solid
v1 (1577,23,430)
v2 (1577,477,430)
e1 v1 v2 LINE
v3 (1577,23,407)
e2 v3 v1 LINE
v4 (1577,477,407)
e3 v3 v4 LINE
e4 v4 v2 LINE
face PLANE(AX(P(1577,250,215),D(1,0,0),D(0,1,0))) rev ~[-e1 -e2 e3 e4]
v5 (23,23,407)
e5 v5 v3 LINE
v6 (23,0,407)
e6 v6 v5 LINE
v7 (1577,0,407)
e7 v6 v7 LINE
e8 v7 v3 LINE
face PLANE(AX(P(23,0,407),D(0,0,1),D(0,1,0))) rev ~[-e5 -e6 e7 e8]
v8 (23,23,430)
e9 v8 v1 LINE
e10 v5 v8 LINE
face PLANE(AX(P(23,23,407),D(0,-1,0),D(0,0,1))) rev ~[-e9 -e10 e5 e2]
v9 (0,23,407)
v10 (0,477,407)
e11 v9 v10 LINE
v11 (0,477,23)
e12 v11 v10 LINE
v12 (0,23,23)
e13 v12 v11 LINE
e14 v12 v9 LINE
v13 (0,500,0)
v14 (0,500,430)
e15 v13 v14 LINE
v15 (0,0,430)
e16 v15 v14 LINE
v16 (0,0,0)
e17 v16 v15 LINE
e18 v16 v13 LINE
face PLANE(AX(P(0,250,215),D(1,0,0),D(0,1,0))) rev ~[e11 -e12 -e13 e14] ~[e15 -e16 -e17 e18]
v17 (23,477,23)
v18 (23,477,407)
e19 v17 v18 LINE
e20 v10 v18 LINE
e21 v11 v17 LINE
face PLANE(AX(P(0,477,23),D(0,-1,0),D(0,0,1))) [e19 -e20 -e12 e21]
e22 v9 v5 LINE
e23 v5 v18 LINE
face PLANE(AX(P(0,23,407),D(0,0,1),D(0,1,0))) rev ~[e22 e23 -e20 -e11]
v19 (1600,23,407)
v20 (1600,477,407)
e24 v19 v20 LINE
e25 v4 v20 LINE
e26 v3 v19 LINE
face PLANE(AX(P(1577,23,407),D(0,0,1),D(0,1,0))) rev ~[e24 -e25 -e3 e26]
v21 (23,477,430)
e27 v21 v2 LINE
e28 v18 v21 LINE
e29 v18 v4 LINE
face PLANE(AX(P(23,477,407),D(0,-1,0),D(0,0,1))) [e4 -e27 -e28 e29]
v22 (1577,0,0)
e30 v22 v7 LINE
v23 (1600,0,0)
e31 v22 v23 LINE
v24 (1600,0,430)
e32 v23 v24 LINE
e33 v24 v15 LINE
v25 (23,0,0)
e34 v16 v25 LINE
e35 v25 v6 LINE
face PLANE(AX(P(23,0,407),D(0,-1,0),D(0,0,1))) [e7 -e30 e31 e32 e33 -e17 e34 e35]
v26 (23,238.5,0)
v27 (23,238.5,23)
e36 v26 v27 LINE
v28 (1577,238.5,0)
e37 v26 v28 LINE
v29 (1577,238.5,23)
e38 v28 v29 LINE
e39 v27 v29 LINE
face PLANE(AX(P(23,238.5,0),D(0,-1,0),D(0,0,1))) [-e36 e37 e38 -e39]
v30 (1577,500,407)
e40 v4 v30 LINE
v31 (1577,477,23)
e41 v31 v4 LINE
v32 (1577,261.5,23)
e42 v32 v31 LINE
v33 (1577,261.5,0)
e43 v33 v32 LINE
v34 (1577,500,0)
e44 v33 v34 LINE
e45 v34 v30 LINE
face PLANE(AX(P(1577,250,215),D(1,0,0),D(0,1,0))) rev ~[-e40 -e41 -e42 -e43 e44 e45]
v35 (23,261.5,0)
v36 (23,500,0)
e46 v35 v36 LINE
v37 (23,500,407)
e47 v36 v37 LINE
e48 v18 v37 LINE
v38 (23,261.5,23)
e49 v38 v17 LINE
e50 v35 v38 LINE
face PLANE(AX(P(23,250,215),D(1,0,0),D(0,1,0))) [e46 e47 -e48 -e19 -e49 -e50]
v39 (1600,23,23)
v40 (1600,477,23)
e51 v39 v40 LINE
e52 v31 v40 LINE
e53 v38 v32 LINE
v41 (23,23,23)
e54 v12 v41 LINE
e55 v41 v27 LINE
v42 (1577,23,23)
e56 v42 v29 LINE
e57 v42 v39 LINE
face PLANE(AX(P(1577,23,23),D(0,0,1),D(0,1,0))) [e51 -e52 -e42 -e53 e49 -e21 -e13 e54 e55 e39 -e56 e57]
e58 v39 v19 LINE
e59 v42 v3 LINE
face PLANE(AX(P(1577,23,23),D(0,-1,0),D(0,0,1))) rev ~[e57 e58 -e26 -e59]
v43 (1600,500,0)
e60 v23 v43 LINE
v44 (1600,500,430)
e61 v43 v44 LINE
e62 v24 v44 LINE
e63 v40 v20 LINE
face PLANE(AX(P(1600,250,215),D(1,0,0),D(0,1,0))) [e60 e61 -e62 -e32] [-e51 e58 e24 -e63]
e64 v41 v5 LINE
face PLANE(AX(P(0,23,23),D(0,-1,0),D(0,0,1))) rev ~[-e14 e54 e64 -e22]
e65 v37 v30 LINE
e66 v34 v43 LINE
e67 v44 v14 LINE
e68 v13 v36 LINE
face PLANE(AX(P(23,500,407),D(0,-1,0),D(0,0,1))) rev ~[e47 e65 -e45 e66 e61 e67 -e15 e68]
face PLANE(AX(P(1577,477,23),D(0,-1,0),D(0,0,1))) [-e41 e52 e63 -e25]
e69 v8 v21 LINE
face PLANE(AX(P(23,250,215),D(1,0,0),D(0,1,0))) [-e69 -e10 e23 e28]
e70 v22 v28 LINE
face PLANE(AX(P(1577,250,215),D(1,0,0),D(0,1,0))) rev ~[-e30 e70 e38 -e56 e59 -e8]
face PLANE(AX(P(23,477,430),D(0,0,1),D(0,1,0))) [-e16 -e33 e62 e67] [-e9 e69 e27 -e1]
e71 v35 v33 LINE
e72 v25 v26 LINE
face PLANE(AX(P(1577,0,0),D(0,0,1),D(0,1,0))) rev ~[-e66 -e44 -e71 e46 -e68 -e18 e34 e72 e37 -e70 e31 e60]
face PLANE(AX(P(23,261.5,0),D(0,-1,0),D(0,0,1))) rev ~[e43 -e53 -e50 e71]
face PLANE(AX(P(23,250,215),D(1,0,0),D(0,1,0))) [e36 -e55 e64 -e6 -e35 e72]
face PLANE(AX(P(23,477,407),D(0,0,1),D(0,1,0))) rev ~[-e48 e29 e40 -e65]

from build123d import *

# Parameters (mm, degrees)
SKETCH_W         = 500
SKETCH_H         = 430
SKETCH_W_2       = 454
SKETCH_H_2       = 384
EXTRUDE_DEPTH    = 23
SKETCH001_W      = 23
SKETCH001_H      = 23
EXTRUDE001_DEPTH = 1554


with BuildPart() as extrude_body:
    # Sketch → Extrude (new body)
    with BuildSketch(Plane.YZ):
        with Locations((250, 215)):
            Rectangle(SKETCH_W, SKETCH_H)
        with Locations((250, 215)):
            Rectangle(SKETCH_W_2, SKETCH_H_2, mode=Mode.SUBTRACT)
    extrude(amount=EXTRUDE_DEPTH)


with BuildPart() as extrude001:
    # Clone base: copy of Extrude body
    add(extrude_body.part)


with BuildPart() as extrude001_1:
    # Clone placement: moved
    add(extrude001.part.moved(Location((1577, 0, 0))))


with BuildPart() as extrude002:
    # Sketch001 → Extrude001 (new body)
    with BuildSketch(Plane.YZ):
        with Locations((11.5, 11.5)):
            Rectangle(SKETCH001_W, SKETCH001_H)
    extrude(amount=EXTRUDE001_DEPTH)


with BuildPart() as extrude002_1:
    # Extrude001 placement: moved
    add(extrude002.part.moved(Location((23, 238.5, 0))))


with BuildPart() as extrude003:
    # Clone001 base: copy of Extrude002
    add(extrude002_1.part)


with BuildPart() as extrude003_1:
    # Clone001 placement: moved
    add(extrude003.part.moved(Location((0, -238.5, 407))))


with BuildPart() as extrude004:
    # Clone002 base: copy of Extrude003
    add(extrude003_1.part)


with BuildPart() as extrude004_1:
    # Clone002 placement: moved
    add(extrude004.part.moved(Location((0, 477, 0))))


with BuildPart() as fusion:
    # Fusion base: copy of Extrude body
    add(extrude_body.part)

    # Fusion: union Extrude001, Extrude002, Extrude003, Extrude004
    add(extrude001_1.part)
    add(extrude002_1.part)
    add(extrude003_1.part)
    add(extrude004_1.part)


solid = fusion.part
